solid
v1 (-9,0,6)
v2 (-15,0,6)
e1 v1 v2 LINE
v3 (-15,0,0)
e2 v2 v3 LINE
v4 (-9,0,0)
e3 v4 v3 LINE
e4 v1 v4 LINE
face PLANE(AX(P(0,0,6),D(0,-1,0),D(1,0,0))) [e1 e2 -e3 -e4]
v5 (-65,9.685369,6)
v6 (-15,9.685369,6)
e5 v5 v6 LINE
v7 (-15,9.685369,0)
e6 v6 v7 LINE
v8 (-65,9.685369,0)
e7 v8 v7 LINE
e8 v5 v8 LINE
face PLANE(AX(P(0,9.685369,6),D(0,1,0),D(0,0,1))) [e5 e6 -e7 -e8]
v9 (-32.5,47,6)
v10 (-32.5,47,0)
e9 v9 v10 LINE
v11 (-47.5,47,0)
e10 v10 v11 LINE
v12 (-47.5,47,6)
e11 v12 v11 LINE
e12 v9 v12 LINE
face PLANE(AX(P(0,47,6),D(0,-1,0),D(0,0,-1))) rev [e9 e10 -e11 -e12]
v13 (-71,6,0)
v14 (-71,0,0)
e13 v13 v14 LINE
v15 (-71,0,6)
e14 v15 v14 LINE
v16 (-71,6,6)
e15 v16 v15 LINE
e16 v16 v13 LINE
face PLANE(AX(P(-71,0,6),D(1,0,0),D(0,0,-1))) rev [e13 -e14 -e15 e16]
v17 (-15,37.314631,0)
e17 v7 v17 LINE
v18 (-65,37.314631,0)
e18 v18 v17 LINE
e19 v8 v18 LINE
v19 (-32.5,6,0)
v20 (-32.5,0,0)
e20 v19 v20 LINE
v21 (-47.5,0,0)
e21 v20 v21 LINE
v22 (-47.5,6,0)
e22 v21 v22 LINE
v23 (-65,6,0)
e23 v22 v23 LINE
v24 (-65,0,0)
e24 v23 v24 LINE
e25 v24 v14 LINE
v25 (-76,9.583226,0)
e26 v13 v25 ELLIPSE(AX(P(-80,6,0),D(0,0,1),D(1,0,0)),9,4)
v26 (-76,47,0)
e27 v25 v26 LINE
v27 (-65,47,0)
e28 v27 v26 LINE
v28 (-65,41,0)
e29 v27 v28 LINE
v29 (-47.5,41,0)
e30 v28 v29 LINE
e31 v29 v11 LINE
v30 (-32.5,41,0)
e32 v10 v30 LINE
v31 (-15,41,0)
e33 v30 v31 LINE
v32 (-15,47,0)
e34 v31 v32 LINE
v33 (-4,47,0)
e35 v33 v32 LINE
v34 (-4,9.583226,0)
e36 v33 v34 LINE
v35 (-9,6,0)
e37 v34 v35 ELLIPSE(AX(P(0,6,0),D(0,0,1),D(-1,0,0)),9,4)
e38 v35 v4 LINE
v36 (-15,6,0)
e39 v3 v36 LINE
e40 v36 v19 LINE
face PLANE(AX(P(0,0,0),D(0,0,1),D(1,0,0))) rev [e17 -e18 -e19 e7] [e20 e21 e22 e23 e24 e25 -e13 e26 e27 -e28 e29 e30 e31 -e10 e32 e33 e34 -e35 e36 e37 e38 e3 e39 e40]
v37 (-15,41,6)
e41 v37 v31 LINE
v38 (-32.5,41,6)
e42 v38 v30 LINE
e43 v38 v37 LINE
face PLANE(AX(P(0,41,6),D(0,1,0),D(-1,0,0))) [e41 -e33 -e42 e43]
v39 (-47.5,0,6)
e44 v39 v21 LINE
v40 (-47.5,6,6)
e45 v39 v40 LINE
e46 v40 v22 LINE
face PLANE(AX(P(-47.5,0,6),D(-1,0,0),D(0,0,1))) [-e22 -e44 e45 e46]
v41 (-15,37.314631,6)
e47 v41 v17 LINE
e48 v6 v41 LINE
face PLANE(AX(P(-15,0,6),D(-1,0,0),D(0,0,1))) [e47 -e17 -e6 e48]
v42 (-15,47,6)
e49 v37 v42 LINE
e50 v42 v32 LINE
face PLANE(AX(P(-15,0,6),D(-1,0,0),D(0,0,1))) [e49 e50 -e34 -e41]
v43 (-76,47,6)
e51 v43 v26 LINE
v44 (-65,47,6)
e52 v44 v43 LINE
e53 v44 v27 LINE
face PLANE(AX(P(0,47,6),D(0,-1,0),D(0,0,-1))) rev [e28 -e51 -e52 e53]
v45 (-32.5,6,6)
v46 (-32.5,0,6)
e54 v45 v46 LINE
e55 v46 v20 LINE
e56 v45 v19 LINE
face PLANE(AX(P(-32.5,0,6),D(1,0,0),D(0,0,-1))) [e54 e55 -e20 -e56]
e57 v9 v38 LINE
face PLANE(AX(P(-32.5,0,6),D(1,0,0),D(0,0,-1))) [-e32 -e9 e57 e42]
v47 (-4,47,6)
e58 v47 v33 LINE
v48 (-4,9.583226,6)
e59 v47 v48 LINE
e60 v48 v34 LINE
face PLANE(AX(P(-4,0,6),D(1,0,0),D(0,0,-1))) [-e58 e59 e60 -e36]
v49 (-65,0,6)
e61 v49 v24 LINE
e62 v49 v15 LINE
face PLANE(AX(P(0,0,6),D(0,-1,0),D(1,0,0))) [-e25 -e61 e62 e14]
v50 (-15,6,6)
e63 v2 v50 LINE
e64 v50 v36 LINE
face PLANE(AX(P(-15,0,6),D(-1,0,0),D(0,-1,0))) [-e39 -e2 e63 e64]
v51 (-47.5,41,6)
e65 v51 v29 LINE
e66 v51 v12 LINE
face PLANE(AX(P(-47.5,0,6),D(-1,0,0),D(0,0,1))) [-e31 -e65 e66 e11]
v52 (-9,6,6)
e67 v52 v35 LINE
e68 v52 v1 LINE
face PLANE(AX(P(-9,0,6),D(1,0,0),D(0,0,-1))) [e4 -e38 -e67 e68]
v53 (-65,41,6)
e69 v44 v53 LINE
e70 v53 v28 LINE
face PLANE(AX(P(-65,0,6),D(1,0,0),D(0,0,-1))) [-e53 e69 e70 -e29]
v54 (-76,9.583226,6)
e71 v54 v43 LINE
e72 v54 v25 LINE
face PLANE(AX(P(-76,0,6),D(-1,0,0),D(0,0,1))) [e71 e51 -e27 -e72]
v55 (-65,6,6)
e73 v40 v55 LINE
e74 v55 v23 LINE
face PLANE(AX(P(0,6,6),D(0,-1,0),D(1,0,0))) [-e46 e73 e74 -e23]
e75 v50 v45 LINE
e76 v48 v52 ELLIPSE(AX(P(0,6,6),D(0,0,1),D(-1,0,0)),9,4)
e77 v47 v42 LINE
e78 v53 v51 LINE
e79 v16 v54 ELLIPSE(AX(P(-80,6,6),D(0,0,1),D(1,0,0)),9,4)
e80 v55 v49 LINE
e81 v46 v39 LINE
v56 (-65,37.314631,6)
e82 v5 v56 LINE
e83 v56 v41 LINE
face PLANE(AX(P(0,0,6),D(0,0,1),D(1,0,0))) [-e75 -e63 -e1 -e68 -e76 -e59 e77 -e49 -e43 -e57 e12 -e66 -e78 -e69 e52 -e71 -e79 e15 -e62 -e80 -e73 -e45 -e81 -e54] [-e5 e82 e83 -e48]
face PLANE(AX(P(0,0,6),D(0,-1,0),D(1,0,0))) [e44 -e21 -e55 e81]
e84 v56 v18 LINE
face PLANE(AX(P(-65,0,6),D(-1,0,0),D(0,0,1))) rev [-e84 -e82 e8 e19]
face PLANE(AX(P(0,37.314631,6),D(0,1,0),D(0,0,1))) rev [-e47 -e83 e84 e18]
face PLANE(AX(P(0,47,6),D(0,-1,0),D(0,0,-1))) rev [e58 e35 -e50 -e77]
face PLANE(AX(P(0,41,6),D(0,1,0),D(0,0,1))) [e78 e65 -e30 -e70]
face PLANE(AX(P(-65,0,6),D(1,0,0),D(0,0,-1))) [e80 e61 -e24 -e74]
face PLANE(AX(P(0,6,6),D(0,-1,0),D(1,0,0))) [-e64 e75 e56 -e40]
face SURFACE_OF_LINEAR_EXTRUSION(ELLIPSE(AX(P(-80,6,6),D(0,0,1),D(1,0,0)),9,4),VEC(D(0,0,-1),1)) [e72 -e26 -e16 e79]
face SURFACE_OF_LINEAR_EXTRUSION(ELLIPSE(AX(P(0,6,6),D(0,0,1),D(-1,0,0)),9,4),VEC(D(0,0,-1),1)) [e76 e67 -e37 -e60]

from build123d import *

# Parameters (mm, degrees)
BOSS_EXTRUDE1_DEPTH = 6
SKETCH4_W           = 50
SKETCH4_H           = 27.629262186
CUT_EXTRUDE1_DEPTH  = 90.560035874


with BuildPart() as part:
    # Sketch2 → Boss-Extrude1 (new body)
    with BuildSketch(Plane.XY):
        with BuildLine():
            Line((-15, 0), (-9, 0))
            Line((-9, 0), (-9, 6))
            add(Edge.make_bspline(
                [(-4, 9.583225666), (-9, 8.480694692), (-9, 6)],
                knots=[5.172942972, 5.172942972, 5.172942972, 6.283185307, 6.283185307, 6.283185307], degree=2, weights=[1, 0.849836586, 1]))
            Line((-4, 9.583225666), (-4, 41))
            Line((-4, 41), (-4, 47))
            Line((-4, 47), (-15, 47))
            Line((-15, 47), (-15, 41))
            Line((-15, 41), (-32.5, 41))
            Line((-32.5, 41), (-32.5, 47))
            Line((-32.5, 47), (-47.5, 47))
            Line((-47.5, 47), (-47.5, 41))
            Line((-47.5, 41), (-65, 41))
            Line((-65, 41), (-65, 47))
            Line((-65, 47), (-76, 47))
            Line((-76, 47), (-76, 41))
            Line((-76, 41), (-76, 9.583225666))
            add(Edge.make_bspline(
                [(-71, 6), (-71, 8.480694692), (-76, 9.583225666)],
                knots=[0, 0, 0, 1.110242335, 1.110242335, 1.110242335], degree=2, weights=[1, 0.849836586, 1]))
            Line((-71, 6), (-71, 0))
            Line((-71, 0), (-65, 0))
            Line((-65, 0), (-65, 6))
            Line((-65, 6), (-47.5, 6))
            Line((-47.5, 6), (-47.5, 0))
            Line((-47.5, 0), (-32.5, 0))
            Line((-32.5, 0), (-32.5, 6))
            Line((-32.5, 6), (-15, 6))
            Line((-15, 6), (-15, 0))
        make_face()
    extrude(amount=BOSS_EXTRUDE1_DEPTH)

    # Sketch4 → Cut-Extrude1 (cut, through all)
    with BuildSketch(Plane(origin=(0, 0, 0), x_dir=(-1, 0, 0), z_dir=(0, 0, -1))):
        with Locations((40, 23.5)):
            Rectangle(SKETCH4_W, SKETCH4_H)
    extrude(amount=-CUT_EXTRUDE1_DEPTH, mode=Mode.SUBTRACT)


solid = part.part
